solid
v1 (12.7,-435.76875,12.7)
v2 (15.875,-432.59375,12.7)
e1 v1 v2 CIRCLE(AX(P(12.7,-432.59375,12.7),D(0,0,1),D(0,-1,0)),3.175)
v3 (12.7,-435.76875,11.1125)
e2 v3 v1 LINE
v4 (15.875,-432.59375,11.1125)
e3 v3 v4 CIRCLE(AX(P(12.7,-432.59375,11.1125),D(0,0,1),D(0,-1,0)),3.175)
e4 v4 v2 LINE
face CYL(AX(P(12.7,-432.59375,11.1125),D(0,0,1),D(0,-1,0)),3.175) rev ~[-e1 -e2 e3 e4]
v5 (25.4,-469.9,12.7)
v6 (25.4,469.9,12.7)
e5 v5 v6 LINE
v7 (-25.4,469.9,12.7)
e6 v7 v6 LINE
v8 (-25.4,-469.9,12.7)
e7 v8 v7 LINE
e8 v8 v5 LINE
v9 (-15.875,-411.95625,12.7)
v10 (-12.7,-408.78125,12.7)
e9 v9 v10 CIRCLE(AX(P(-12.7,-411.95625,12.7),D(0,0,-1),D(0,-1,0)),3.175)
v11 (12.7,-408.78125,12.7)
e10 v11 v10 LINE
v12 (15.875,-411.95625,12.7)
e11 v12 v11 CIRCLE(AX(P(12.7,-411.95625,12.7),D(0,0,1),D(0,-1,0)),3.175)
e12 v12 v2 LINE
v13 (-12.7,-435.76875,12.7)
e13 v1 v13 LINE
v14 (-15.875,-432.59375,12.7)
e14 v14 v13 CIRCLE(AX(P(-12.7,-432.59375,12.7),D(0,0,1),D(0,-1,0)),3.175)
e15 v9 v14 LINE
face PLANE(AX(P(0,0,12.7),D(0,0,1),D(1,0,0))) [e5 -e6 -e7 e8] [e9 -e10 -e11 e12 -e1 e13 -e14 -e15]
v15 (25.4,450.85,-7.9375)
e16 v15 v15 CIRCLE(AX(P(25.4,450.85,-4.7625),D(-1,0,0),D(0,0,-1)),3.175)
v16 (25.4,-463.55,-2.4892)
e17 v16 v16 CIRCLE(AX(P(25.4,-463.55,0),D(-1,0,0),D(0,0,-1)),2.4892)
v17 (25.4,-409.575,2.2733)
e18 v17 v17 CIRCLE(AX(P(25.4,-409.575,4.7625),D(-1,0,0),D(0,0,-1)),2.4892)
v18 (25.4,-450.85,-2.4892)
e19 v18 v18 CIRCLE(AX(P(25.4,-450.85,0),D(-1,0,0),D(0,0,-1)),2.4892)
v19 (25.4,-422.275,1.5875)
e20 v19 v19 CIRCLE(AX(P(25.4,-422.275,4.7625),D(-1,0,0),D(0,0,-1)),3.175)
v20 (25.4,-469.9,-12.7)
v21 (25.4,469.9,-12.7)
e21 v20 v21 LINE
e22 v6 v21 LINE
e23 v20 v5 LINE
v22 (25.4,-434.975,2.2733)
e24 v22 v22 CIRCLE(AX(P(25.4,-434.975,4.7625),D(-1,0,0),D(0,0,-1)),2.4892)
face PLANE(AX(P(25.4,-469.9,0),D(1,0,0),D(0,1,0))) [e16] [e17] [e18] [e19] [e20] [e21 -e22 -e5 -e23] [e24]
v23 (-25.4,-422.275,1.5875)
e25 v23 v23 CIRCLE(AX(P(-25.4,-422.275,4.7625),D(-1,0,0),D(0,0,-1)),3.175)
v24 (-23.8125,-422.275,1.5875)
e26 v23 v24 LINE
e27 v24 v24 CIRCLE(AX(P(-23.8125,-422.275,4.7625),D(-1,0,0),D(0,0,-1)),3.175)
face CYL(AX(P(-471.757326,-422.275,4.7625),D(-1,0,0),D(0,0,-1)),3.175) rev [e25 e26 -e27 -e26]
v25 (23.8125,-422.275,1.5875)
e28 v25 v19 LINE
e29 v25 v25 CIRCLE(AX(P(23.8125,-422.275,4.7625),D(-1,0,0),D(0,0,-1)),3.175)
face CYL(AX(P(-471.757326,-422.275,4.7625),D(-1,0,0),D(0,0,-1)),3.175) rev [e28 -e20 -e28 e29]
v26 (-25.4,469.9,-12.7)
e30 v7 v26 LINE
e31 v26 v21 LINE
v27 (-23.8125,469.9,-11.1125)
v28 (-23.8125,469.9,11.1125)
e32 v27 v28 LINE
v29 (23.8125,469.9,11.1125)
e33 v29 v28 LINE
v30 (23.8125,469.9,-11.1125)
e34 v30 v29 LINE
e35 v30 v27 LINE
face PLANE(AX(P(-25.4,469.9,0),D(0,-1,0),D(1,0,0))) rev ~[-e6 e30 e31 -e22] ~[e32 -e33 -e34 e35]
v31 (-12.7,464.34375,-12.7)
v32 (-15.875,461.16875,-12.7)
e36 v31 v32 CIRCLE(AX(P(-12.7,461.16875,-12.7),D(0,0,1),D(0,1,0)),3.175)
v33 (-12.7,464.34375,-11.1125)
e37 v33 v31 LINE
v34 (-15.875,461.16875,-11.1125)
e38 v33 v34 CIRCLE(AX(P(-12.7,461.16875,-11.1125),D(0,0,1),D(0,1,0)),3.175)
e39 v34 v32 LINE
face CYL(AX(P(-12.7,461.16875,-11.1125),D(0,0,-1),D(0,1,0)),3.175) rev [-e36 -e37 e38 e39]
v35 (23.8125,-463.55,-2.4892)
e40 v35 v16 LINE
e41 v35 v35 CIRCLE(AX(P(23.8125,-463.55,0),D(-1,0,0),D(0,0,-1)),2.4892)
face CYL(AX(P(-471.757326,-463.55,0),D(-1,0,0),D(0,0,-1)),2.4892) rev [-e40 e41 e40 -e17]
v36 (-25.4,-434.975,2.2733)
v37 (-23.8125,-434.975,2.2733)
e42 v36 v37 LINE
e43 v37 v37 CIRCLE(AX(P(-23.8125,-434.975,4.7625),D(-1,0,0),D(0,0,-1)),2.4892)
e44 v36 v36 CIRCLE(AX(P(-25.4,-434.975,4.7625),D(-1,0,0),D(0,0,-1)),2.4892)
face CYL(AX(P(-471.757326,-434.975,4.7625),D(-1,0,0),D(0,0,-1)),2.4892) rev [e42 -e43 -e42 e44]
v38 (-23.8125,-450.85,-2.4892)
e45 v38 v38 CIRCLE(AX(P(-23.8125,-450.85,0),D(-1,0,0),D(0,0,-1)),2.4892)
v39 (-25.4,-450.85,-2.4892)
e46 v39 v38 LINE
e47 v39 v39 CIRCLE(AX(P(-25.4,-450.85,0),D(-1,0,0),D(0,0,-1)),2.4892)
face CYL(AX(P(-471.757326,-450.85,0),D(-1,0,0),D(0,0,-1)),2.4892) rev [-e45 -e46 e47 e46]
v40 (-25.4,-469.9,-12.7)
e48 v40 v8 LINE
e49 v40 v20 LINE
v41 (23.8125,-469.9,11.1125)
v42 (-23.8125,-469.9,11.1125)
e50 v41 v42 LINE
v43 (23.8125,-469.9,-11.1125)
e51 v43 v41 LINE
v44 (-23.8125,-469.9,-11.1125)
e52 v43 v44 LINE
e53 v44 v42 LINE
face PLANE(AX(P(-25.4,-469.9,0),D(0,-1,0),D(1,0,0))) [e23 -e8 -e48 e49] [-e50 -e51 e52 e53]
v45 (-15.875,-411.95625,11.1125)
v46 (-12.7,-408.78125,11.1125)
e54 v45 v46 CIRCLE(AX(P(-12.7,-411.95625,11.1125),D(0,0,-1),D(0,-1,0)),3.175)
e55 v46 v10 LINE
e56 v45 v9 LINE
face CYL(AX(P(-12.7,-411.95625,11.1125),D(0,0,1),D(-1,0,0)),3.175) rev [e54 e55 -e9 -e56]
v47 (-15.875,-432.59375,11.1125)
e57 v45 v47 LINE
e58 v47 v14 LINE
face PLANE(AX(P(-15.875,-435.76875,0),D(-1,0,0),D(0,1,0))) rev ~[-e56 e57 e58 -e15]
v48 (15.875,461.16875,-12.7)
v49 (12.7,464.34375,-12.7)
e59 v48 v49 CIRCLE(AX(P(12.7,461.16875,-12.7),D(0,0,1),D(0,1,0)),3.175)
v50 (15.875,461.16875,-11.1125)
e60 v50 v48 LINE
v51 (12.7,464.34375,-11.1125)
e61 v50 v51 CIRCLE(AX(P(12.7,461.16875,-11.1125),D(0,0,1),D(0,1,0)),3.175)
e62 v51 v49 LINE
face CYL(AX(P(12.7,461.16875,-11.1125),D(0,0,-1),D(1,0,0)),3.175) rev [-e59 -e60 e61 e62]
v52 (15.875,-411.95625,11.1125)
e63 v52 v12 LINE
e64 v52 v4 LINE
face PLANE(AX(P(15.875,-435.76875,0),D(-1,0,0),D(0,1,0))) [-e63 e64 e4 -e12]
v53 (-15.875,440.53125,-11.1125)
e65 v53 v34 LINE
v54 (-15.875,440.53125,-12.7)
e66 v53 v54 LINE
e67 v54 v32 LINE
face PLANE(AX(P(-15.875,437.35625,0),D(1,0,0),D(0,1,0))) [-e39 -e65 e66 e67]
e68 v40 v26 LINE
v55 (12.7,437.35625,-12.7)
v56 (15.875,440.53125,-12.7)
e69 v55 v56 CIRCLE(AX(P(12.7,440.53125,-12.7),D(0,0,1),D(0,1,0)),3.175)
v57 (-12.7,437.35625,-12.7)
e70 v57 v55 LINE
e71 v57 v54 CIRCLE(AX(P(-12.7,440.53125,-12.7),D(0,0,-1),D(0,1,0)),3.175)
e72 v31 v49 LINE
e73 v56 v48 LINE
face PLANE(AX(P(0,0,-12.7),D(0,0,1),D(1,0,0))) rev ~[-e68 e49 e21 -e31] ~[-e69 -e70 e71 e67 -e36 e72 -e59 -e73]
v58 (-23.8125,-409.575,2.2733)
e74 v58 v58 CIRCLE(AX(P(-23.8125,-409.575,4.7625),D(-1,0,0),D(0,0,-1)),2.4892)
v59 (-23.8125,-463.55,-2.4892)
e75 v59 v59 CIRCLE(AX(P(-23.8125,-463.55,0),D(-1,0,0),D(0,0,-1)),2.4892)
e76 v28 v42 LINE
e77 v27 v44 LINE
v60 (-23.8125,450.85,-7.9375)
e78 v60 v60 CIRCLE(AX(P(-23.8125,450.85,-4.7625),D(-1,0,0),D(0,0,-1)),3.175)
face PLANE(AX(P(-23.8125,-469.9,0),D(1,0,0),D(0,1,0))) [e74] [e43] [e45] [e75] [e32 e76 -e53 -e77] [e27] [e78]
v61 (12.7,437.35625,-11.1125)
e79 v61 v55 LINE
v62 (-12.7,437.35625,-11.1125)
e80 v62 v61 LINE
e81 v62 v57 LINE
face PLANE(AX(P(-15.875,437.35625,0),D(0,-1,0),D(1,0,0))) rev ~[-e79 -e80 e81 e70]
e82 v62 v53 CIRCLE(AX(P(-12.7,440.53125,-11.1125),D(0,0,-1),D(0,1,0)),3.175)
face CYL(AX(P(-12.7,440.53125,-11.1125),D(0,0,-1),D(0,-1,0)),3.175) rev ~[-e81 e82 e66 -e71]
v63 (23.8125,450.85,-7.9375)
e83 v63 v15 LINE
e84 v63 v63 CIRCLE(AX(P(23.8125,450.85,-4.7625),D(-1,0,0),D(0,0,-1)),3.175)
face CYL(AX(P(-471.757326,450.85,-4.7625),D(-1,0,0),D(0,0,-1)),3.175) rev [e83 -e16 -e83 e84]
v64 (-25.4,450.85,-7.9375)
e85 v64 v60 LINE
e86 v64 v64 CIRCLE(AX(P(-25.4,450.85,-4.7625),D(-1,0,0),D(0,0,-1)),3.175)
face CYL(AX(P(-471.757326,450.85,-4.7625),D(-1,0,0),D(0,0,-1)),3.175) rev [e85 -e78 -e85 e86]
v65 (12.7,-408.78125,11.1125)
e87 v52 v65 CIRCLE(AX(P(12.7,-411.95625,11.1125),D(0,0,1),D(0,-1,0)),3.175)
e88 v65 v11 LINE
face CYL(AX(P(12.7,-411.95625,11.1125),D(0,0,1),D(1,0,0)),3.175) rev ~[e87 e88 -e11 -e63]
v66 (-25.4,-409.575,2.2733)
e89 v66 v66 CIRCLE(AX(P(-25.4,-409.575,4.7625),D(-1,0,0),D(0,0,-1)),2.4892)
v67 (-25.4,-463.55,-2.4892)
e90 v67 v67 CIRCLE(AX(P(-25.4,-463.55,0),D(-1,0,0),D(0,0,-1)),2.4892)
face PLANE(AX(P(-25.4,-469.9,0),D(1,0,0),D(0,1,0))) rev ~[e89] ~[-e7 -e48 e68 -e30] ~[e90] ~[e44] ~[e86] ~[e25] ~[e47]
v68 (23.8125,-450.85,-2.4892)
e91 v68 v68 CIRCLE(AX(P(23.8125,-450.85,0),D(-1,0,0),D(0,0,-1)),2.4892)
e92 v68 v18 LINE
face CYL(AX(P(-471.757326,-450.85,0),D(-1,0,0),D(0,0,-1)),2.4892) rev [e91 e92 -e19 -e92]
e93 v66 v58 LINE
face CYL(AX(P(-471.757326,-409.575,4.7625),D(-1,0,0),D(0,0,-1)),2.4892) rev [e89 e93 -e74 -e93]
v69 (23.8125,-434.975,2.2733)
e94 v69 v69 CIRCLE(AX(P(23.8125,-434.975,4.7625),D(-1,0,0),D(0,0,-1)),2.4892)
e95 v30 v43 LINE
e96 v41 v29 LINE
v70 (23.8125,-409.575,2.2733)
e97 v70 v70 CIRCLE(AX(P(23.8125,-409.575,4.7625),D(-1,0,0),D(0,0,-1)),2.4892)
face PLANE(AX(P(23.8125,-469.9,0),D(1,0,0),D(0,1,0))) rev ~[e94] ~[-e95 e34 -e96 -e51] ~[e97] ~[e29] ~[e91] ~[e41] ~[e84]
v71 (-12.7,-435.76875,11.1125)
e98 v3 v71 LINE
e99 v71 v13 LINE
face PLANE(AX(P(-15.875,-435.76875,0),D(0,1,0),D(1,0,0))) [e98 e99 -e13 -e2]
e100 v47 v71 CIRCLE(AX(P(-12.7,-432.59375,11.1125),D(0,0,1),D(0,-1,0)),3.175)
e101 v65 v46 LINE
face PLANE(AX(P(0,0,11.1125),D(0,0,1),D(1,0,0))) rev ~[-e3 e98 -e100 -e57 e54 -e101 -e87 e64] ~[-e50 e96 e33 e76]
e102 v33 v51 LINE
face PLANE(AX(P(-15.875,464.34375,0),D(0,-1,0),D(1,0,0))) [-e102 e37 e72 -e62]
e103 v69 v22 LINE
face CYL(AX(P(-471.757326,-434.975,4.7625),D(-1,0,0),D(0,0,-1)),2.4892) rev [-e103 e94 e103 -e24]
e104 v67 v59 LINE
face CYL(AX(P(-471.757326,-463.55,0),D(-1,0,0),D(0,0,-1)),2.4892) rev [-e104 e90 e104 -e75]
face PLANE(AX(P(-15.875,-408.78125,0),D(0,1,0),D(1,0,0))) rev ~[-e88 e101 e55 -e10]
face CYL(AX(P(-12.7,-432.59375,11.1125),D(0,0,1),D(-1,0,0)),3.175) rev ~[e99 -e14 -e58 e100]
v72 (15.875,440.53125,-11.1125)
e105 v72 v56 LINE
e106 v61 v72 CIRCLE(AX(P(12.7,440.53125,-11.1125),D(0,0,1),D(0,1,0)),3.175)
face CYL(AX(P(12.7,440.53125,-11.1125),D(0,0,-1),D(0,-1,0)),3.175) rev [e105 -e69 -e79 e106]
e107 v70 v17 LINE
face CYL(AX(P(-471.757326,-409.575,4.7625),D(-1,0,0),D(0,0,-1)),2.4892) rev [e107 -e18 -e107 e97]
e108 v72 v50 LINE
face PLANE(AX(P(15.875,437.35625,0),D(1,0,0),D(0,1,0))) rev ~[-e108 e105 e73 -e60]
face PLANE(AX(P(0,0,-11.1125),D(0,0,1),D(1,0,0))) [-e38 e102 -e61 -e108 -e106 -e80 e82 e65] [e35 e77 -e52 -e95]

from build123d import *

# Parameters (mm, degrees)
SKETCH1_W               = 50.8
SKETCH1_H               = 939.8
BOSS_EXTRUDE1_DEPTH     = 12.7
SHELL1_T                = -1.5875
CUT_EXTRUDE1_DEPTH      = 471.757326018
CUT_EXTRUDE1_DEPTH_BACK = 471.757326018
SKETCH3_R               = 2.4892
CUT_EXTRUDE2_DEPTH      = 471.757326018
CUT_EXTRUDE2_DEPTH_BACK = 471.757326018
SKETCH4_R               = 3.175
SKETCH4_R_2             = 2.4892
SKETCH5_W               = 31.75
SKETCH5_H               = 26.9875
CUT_EXTRUDE3_DEPTH      = 471.757326018
FILLET1_R               = 3.175
CUT_EXTRUDE4_DEPTH      = 471.757326018
CUT_EXTRUDE4_DEPTH_BACK = 471.757326018
SKETCH6_R               = 3.175
SKETCH7_W               = 31.75
SKETCH7_H               = 26.9875
CUT_EXTRUDE5_DEPTH      = 471.757326018
FILLET2_R               = 3.175


with BuildPart() as part:
    # Sketch1 → Boss-Extrude1 (new, symmetric)
    with BuildSketch(Plane.XY):
        Rectangle(SKETCH1_W, SKETCH1_H)
    extrude(amount=BOSS_EXTRUDE1_DEPTH, both=True)

    # Shell1
    shell1_openings = [part.faces().sort_by_distance(p)[0] for p in [
        (0, -469.9, 0),
        (0, 469.9, 0),
    ]]
    offset(amount=SHELL1_T, openings=shell1_openings, kind=Kind.INTERSECTION)

    # Sketch3 → Cut-Extrude1 (cut, two sides: drawn at the far end of the back side and taken through both)
    with BuildSketch(Plane(origin=(0, 0, 0), x_dir=(0, 0, -1), z_dir=(1, 0, 0)).offset(-CUT_EXTRUDE1_DEPTH_BACK)):
        with Locations((0, -463.55)):
            Circle(SKETCH3_R)
        with Locations((0, -450.85)):
            Circle(SKETCH3_R)
    extrude(amount=CUT_EXTRUDE1_DEPTH + CUT_EXTRUDE1_DEPTH_BACK, mode=Mode.SUBTRACT)

    # Sketch4 → Cut-Extrude2 (cut, two sides: drawn at the far end of the back side and taken through both)
    with BuildSketch(Plane(origin=(0, 0, 0), x_dir=(0, 0, -1), z_dir=(1, 0, 0)).offset(-CUT_EXTRUDE2_DEPTH_BACK)):
        with Locations((-4.7625, -422.275)):
            Circle(SKETCH4_R)
        with Locations((-4.7625, -409.575)):
            Circle(SKETCH4_R_2)
        with Locations((-4.7625, -434.975)):
            Circle(SKETCH4_R_2)
    extrude(amount=CUT_EXTRUDE2_DEPTH + CUT_EXTRUDE2_DEPTH_BACK, mode=Mode.SUBTRACT)

    # Sketch5 → Cut-Extrude3 (cut, through all)
    with BuildSketch(Plane.XY):
        with Locations((0, -422.275)):
            Rectangle(SKETCH5_W, SKETCH5_H)
    extrude(amount=CUT_EXTRUDE3_DEPTH, mode=Mode.SUBTRACT)

    # Fillet1
    fillet1_edges = [part.edges().sort_by_distance(p)[0] for p in [
        (-15.875, -408.78125, 11.90625),
        (-15.875, -435.76875, 11.90625),
        (15.875, -435.76875, 11.90625),
        (15.875, -408.78125, 11.90625),
    ]]
    fillet(fillet1_edges, radius=FILLET1_R)

    # Sketch6 → Cut-Extrude4 (cut, two sides: drawn at the far end of the back side and taken through both)
    with BuildSketch(Plane(origin=(0, 0, 0), x_dir=(0, 0, -1), z_dir=(1, 0, 0)).offset(-CUT_EXTRUDE4_DEPTH_BACK)):
        with Locations((4.7625, 450.85)):
            Circle(SKETCH6_R)
    extrude(amount=CUT_EXTRUDE4_DEPTH + CUT_EXTRUDE4_DEPTH_BACK, mode=Mode.SUBTRACT)

    # Sketch7 → Cut-Extrude5 (cut, through all)
    with BuildSketch(Plane.XY):
        with Locations((0, 450.85)):
            Rectangle(SKETCH7_W, SKETCH7_H)
    extrude(amount=-CUT_EXTRUDE5_DEPTH, mode=Mode.SUBTRACT)

    # Fillet2
    fillet2_edges = [part.edges().sort_by_distance(p)[0] for p in [
        (15.875, 464.34375, -11.90625),
        (15.875, 437.35625, -11.90625),
        (-15.875, 437.35625, -11.90625),
        (-15.875, 464.34375, -11.90625),
    ]]
    fillet(fillet2_edges, radius=FILLET2_R)


solid = part.part
